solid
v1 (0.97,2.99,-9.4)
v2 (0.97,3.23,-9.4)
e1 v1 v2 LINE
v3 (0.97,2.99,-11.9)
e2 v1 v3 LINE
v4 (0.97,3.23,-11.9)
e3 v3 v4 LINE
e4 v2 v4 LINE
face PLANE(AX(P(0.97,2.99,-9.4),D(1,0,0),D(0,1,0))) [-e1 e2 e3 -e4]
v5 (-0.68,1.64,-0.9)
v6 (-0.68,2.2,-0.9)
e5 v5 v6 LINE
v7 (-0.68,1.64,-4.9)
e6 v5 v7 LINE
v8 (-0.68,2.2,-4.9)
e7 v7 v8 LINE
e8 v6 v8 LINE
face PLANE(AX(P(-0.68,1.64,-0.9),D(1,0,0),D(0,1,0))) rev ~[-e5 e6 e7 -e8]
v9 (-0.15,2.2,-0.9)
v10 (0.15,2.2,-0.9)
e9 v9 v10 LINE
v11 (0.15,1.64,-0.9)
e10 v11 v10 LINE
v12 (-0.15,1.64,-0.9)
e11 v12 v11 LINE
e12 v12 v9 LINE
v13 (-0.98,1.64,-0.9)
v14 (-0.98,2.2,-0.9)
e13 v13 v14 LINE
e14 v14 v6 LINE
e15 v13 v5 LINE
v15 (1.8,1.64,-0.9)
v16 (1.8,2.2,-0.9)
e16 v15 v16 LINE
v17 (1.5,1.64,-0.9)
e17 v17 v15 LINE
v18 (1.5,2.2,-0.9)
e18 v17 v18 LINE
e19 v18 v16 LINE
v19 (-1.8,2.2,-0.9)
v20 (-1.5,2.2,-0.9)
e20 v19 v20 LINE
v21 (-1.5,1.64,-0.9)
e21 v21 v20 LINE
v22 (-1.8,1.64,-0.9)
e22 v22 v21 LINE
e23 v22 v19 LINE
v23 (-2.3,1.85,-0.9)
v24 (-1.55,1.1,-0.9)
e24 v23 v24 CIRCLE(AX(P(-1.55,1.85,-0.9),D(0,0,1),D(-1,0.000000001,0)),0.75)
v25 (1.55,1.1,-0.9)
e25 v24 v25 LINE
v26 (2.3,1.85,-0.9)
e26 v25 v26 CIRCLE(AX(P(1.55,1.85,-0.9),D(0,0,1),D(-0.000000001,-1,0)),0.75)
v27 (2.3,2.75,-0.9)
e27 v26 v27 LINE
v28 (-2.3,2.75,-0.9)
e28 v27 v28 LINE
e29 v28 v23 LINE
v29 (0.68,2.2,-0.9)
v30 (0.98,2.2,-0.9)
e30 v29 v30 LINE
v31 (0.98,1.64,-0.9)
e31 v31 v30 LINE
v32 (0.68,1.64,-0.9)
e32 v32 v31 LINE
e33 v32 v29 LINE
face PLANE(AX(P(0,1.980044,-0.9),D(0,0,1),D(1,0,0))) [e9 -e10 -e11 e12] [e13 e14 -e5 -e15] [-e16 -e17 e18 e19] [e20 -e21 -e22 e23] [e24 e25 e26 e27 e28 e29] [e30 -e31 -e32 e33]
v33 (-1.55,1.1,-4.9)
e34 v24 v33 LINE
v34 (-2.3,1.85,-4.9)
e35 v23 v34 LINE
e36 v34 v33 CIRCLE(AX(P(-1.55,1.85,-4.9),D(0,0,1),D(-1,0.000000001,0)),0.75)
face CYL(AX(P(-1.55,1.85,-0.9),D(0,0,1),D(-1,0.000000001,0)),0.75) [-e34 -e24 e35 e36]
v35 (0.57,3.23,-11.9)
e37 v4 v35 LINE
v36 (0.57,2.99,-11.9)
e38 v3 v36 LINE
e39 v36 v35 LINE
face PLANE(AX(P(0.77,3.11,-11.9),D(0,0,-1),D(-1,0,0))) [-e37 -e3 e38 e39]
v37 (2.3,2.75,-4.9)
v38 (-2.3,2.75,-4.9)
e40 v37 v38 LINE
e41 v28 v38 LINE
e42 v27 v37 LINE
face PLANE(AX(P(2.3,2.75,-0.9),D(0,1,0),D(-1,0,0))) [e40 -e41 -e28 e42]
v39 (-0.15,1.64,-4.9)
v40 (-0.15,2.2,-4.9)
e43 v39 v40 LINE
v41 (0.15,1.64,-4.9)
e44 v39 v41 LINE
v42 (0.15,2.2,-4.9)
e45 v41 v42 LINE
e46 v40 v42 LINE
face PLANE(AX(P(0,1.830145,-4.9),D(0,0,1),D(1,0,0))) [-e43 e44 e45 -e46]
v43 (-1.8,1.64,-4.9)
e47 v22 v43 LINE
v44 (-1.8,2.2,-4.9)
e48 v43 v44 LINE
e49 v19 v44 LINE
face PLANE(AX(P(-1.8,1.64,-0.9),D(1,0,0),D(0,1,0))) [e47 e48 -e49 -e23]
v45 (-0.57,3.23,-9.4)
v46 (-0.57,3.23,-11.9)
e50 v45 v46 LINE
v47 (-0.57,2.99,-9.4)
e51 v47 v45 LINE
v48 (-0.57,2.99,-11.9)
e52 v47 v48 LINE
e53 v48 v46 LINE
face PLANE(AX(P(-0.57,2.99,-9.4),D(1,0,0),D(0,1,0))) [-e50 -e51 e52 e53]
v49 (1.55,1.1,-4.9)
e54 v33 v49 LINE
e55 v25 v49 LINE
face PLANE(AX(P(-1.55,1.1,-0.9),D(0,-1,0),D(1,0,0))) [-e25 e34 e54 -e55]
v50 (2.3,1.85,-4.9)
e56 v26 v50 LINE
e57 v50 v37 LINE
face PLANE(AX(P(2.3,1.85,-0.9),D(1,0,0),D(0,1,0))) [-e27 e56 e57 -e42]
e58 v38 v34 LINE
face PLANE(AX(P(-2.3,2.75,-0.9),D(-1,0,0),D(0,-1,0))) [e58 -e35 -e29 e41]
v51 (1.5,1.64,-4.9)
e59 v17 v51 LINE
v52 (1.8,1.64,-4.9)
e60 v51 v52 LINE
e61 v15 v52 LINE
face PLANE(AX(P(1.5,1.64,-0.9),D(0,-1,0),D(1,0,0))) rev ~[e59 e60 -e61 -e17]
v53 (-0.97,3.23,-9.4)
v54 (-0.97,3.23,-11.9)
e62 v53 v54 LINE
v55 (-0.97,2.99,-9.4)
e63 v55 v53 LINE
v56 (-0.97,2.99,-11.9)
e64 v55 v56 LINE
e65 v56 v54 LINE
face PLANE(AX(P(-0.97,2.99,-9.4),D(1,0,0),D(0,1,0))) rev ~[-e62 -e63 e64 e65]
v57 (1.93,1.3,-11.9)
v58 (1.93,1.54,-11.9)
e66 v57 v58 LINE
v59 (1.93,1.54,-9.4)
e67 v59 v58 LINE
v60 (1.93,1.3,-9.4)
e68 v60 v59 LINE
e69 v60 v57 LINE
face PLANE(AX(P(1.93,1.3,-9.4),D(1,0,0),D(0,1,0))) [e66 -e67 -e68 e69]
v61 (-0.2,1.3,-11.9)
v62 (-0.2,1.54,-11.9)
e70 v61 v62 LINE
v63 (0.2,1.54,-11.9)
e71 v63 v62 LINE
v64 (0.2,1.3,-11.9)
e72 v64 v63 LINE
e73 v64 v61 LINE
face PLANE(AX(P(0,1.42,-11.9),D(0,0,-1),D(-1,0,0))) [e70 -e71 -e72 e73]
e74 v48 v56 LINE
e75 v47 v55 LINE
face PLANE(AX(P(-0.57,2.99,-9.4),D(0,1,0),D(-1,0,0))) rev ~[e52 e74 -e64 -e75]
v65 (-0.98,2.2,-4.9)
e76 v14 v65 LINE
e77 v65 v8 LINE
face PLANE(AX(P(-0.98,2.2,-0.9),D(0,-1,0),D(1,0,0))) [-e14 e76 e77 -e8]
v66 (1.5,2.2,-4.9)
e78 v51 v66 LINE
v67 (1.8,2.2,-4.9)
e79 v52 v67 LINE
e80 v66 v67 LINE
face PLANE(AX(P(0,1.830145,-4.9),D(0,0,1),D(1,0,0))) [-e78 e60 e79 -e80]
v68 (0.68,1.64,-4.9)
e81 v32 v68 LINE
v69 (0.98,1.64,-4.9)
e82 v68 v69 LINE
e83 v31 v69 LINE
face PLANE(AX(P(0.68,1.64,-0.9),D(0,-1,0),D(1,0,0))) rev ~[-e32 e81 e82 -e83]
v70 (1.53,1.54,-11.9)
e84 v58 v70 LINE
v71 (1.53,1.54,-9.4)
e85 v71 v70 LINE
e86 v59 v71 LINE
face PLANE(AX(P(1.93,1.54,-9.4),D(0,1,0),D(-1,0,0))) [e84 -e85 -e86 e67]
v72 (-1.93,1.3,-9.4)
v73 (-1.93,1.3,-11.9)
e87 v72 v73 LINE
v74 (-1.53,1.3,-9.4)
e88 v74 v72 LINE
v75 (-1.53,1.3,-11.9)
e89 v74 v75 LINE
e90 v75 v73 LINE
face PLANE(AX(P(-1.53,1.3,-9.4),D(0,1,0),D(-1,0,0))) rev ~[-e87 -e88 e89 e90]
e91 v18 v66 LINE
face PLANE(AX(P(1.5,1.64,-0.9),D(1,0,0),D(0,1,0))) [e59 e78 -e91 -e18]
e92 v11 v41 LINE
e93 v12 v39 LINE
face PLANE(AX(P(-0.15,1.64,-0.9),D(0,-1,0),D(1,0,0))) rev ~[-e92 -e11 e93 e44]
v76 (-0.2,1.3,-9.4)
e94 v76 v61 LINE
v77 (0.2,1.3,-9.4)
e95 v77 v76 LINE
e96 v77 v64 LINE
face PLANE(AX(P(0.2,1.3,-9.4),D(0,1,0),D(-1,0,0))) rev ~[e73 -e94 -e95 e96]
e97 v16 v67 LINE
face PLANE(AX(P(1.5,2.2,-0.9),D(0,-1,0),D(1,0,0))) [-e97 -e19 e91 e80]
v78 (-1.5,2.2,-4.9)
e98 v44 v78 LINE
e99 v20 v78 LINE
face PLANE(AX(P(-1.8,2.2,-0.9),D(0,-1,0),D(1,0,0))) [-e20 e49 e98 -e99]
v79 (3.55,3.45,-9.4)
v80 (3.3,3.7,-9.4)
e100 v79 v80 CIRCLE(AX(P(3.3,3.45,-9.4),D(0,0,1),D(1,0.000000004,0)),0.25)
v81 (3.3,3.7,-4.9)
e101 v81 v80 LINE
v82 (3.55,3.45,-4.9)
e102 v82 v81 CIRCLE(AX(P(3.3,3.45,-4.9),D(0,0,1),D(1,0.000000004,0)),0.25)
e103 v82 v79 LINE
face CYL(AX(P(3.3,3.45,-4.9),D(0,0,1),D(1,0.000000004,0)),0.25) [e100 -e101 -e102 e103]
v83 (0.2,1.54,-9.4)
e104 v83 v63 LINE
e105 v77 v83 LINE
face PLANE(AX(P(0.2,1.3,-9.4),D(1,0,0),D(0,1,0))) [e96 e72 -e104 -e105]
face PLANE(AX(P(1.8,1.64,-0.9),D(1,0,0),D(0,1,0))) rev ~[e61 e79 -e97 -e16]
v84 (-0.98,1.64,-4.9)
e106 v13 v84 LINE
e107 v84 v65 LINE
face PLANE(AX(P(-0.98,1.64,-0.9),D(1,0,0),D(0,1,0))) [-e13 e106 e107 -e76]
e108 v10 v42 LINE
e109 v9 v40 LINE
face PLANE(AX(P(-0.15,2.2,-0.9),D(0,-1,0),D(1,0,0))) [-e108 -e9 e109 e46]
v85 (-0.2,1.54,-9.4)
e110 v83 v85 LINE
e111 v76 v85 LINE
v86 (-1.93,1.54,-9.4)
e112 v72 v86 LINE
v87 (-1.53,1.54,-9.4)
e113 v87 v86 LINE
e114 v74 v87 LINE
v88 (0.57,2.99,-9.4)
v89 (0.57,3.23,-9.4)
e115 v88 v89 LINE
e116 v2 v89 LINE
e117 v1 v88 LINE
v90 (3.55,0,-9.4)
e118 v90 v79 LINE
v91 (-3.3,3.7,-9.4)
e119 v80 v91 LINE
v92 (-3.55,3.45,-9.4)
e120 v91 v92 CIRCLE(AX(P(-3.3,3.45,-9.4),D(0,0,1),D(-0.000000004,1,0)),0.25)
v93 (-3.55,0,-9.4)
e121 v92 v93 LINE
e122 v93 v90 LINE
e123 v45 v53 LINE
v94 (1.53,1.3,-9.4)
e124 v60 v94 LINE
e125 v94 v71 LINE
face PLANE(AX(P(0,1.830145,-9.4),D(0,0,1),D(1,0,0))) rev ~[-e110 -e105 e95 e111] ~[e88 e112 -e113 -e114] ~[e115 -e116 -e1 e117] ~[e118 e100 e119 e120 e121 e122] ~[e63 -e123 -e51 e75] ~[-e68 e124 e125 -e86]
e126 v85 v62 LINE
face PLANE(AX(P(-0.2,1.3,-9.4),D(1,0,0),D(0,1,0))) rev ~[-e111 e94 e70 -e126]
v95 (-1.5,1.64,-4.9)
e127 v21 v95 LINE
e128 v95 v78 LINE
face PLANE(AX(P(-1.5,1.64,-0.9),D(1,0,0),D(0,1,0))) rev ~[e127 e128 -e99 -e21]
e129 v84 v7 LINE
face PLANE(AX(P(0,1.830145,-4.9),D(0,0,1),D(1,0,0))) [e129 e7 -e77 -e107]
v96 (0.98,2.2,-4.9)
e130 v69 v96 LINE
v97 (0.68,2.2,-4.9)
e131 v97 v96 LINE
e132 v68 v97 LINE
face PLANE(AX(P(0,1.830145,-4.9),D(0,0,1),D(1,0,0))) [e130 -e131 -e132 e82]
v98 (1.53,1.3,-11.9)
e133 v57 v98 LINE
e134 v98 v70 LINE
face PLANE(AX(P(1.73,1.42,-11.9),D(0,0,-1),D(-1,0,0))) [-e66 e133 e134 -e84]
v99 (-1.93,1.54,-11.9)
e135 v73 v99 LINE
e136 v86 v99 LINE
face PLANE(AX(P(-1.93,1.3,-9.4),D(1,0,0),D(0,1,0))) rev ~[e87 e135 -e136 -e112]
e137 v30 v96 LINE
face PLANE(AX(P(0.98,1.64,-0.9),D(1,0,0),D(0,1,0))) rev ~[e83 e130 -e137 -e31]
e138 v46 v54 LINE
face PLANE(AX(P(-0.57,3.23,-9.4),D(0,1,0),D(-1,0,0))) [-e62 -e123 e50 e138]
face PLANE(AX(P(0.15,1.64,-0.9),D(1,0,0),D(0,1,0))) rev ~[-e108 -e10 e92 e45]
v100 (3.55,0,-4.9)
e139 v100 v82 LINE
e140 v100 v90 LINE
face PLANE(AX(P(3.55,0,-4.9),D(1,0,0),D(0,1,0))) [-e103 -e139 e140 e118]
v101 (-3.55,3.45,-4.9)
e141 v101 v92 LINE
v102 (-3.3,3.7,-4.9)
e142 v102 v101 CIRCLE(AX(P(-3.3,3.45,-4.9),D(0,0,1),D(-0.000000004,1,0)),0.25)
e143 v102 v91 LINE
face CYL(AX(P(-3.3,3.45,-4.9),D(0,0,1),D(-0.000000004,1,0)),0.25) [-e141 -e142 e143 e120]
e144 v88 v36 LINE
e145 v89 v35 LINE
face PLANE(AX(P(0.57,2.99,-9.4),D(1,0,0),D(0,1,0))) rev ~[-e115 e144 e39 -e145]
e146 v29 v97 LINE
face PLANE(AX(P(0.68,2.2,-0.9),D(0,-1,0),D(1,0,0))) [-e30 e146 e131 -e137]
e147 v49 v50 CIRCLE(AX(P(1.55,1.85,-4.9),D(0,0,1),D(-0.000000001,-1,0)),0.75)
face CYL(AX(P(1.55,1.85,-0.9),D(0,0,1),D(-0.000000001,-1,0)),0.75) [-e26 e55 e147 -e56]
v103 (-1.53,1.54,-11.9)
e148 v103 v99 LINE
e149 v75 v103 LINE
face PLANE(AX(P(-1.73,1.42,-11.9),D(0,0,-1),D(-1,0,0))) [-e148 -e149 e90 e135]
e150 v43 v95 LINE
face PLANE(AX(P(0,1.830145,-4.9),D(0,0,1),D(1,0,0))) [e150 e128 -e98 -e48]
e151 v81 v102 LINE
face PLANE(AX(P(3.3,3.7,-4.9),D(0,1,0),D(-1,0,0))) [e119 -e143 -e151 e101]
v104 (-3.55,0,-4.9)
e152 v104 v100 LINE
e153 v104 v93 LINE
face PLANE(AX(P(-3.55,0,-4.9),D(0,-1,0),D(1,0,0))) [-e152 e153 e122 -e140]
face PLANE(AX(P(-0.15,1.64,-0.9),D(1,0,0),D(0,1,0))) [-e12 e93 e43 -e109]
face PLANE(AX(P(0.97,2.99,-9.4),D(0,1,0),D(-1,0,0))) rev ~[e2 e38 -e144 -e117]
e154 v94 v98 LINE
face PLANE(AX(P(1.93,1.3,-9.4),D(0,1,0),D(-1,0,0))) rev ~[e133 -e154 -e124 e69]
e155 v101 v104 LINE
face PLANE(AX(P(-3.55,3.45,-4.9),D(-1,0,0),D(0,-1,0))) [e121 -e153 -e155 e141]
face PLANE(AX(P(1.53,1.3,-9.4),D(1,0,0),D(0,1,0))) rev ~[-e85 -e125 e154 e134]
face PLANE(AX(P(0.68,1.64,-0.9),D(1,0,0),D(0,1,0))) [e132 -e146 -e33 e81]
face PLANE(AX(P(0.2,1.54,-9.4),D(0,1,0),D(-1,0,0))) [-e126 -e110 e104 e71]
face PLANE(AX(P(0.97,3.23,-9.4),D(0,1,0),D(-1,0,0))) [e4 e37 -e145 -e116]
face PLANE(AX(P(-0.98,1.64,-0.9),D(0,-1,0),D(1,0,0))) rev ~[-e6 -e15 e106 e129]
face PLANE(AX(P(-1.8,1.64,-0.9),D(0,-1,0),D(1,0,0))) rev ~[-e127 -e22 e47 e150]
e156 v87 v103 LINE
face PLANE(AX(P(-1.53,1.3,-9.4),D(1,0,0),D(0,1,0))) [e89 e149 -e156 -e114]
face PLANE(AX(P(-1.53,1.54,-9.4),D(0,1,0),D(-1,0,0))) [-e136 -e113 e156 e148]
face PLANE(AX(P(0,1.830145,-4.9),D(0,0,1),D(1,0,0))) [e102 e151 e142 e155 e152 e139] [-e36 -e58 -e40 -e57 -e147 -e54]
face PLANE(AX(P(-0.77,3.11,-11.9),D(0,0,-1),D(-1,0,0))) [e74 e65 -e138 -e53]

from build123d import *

# Parameters (mm, degrees)
BOSS_EXTRUDE1_START = -0.9
SKETCH2_W           = 0.3
SKETCH2_H           = 0.56
BOSS_EXTRUDE1_DEPTH = 4
BOSS_EXTRUDE2_DEPTH = 4.5
SKETCH4_W           = 0.4
SKETCH4_H           = 0.24
BOSS_EXTRUDE3_DEPTH = 2.5


with BuildPart() as part:
    # Sketch2 → Boss-Extrude1 (new body)
    with BuildSketch(Plane.XY.offset(BOSS_EXTRUDE1_START)):
        with BuildLine():
            Line((2.3, 2.75), (-2.3, 2.75))
            Line((-2.3, 2.75), (-2.3, 1.85))
            ThreePointArc((-2.3, 1.85), (-2.080330086, 1.319669914), (-1.55, 1.1))
            Line((-1.55, 1.1), (1.55, 1.1))
            ThreePointArc((1.55, 1.1), (2.080330086, 1.319669914), (2.3, 1.85))
            Line((2.3, 1.85), (2.3, 2.75))
        make_face()
        with Locations((-1.65, 1.92)):
            Rectangle(SKETCH2_W, SKETCH2_H, mode=Mode.SUBTRACT)
        with Locations((-0.83, 1.92)):
            Rectangle(SKETCH2_W, SKETCH2_H, mode=Mode.SUBTRACT)
        with Locations((0, 1.92)):
            Rectangle(SKETCH2_W, SKETCH2_H, mode=Mode.SUBTRACT)
        with Locations((0.83, 1.92)):
            Rectangle(SKETCH2_W, SKETCH2_H, mode=Mode.SUBTRACT)
        with Locations((1.65, 1.92)):
            Rectangle(SKETCH2_W, SKETCH2_H, mode=Mode.SUBTRACT)
    extrude(amount=-BOSS_EXTRUDE1_DEPTH)

    # Sketch3 → Boss-Extrude2 (add)
    with BuildSketch(Plane(origin=(0, 0, -4.9), x_dir=(-1, 0, 0), z_dir=(0, 0, -1))):
        with BuildLine():
            Line((-3.3, 3.7), (3.3, 3.7))
            ThreePointArc((3.3, 3.7), (3.476776695, 3.626776695), (3.55, 3.45))
            Line((3.55, 3.45), (3.55, 0))
            Line((3.55, 0), (-3.55, 0))
            Line((-3.55, 0), (-3.55, 3.45))
            ThreePointArc((-3.55, 3.45), (-3.476776695, 3.626776695), (-3.3, 3.7))
        make_face()
    extrude(amount=BOSS_EXTRUDE2_DEPTH)

    # Sketch4 → Boss-Extrude3 (add)
    with BuildSketch(Plane(origin=(0, 0, -9.4), x_dir=(-1, 0, 0), z_dir=(0, 0, -1))):
        with Locations((-0.77, 3.11)):
            Rectangle(SKETCH4_W, SKETCH4_H)
        with Locations((0.77, 3.11)):
            Rectangle(SKETCH4_W, SKETCH4_H)
        with Locations((0, 1.42)):
            Rectangle(SKETCH4_W, SKETCH4_H)
        with Locations((1.73, 1.42)):
            Rectangle(SKETCH4_W, SKETCH4_H)
        with Locations((-1.73, 1.42)):
            Rectangle(SKETCH4_W, SKETCH4_H)
    extrude(amount=BOSS_EXTRUDE3_DEPTH)


solid = part.part
